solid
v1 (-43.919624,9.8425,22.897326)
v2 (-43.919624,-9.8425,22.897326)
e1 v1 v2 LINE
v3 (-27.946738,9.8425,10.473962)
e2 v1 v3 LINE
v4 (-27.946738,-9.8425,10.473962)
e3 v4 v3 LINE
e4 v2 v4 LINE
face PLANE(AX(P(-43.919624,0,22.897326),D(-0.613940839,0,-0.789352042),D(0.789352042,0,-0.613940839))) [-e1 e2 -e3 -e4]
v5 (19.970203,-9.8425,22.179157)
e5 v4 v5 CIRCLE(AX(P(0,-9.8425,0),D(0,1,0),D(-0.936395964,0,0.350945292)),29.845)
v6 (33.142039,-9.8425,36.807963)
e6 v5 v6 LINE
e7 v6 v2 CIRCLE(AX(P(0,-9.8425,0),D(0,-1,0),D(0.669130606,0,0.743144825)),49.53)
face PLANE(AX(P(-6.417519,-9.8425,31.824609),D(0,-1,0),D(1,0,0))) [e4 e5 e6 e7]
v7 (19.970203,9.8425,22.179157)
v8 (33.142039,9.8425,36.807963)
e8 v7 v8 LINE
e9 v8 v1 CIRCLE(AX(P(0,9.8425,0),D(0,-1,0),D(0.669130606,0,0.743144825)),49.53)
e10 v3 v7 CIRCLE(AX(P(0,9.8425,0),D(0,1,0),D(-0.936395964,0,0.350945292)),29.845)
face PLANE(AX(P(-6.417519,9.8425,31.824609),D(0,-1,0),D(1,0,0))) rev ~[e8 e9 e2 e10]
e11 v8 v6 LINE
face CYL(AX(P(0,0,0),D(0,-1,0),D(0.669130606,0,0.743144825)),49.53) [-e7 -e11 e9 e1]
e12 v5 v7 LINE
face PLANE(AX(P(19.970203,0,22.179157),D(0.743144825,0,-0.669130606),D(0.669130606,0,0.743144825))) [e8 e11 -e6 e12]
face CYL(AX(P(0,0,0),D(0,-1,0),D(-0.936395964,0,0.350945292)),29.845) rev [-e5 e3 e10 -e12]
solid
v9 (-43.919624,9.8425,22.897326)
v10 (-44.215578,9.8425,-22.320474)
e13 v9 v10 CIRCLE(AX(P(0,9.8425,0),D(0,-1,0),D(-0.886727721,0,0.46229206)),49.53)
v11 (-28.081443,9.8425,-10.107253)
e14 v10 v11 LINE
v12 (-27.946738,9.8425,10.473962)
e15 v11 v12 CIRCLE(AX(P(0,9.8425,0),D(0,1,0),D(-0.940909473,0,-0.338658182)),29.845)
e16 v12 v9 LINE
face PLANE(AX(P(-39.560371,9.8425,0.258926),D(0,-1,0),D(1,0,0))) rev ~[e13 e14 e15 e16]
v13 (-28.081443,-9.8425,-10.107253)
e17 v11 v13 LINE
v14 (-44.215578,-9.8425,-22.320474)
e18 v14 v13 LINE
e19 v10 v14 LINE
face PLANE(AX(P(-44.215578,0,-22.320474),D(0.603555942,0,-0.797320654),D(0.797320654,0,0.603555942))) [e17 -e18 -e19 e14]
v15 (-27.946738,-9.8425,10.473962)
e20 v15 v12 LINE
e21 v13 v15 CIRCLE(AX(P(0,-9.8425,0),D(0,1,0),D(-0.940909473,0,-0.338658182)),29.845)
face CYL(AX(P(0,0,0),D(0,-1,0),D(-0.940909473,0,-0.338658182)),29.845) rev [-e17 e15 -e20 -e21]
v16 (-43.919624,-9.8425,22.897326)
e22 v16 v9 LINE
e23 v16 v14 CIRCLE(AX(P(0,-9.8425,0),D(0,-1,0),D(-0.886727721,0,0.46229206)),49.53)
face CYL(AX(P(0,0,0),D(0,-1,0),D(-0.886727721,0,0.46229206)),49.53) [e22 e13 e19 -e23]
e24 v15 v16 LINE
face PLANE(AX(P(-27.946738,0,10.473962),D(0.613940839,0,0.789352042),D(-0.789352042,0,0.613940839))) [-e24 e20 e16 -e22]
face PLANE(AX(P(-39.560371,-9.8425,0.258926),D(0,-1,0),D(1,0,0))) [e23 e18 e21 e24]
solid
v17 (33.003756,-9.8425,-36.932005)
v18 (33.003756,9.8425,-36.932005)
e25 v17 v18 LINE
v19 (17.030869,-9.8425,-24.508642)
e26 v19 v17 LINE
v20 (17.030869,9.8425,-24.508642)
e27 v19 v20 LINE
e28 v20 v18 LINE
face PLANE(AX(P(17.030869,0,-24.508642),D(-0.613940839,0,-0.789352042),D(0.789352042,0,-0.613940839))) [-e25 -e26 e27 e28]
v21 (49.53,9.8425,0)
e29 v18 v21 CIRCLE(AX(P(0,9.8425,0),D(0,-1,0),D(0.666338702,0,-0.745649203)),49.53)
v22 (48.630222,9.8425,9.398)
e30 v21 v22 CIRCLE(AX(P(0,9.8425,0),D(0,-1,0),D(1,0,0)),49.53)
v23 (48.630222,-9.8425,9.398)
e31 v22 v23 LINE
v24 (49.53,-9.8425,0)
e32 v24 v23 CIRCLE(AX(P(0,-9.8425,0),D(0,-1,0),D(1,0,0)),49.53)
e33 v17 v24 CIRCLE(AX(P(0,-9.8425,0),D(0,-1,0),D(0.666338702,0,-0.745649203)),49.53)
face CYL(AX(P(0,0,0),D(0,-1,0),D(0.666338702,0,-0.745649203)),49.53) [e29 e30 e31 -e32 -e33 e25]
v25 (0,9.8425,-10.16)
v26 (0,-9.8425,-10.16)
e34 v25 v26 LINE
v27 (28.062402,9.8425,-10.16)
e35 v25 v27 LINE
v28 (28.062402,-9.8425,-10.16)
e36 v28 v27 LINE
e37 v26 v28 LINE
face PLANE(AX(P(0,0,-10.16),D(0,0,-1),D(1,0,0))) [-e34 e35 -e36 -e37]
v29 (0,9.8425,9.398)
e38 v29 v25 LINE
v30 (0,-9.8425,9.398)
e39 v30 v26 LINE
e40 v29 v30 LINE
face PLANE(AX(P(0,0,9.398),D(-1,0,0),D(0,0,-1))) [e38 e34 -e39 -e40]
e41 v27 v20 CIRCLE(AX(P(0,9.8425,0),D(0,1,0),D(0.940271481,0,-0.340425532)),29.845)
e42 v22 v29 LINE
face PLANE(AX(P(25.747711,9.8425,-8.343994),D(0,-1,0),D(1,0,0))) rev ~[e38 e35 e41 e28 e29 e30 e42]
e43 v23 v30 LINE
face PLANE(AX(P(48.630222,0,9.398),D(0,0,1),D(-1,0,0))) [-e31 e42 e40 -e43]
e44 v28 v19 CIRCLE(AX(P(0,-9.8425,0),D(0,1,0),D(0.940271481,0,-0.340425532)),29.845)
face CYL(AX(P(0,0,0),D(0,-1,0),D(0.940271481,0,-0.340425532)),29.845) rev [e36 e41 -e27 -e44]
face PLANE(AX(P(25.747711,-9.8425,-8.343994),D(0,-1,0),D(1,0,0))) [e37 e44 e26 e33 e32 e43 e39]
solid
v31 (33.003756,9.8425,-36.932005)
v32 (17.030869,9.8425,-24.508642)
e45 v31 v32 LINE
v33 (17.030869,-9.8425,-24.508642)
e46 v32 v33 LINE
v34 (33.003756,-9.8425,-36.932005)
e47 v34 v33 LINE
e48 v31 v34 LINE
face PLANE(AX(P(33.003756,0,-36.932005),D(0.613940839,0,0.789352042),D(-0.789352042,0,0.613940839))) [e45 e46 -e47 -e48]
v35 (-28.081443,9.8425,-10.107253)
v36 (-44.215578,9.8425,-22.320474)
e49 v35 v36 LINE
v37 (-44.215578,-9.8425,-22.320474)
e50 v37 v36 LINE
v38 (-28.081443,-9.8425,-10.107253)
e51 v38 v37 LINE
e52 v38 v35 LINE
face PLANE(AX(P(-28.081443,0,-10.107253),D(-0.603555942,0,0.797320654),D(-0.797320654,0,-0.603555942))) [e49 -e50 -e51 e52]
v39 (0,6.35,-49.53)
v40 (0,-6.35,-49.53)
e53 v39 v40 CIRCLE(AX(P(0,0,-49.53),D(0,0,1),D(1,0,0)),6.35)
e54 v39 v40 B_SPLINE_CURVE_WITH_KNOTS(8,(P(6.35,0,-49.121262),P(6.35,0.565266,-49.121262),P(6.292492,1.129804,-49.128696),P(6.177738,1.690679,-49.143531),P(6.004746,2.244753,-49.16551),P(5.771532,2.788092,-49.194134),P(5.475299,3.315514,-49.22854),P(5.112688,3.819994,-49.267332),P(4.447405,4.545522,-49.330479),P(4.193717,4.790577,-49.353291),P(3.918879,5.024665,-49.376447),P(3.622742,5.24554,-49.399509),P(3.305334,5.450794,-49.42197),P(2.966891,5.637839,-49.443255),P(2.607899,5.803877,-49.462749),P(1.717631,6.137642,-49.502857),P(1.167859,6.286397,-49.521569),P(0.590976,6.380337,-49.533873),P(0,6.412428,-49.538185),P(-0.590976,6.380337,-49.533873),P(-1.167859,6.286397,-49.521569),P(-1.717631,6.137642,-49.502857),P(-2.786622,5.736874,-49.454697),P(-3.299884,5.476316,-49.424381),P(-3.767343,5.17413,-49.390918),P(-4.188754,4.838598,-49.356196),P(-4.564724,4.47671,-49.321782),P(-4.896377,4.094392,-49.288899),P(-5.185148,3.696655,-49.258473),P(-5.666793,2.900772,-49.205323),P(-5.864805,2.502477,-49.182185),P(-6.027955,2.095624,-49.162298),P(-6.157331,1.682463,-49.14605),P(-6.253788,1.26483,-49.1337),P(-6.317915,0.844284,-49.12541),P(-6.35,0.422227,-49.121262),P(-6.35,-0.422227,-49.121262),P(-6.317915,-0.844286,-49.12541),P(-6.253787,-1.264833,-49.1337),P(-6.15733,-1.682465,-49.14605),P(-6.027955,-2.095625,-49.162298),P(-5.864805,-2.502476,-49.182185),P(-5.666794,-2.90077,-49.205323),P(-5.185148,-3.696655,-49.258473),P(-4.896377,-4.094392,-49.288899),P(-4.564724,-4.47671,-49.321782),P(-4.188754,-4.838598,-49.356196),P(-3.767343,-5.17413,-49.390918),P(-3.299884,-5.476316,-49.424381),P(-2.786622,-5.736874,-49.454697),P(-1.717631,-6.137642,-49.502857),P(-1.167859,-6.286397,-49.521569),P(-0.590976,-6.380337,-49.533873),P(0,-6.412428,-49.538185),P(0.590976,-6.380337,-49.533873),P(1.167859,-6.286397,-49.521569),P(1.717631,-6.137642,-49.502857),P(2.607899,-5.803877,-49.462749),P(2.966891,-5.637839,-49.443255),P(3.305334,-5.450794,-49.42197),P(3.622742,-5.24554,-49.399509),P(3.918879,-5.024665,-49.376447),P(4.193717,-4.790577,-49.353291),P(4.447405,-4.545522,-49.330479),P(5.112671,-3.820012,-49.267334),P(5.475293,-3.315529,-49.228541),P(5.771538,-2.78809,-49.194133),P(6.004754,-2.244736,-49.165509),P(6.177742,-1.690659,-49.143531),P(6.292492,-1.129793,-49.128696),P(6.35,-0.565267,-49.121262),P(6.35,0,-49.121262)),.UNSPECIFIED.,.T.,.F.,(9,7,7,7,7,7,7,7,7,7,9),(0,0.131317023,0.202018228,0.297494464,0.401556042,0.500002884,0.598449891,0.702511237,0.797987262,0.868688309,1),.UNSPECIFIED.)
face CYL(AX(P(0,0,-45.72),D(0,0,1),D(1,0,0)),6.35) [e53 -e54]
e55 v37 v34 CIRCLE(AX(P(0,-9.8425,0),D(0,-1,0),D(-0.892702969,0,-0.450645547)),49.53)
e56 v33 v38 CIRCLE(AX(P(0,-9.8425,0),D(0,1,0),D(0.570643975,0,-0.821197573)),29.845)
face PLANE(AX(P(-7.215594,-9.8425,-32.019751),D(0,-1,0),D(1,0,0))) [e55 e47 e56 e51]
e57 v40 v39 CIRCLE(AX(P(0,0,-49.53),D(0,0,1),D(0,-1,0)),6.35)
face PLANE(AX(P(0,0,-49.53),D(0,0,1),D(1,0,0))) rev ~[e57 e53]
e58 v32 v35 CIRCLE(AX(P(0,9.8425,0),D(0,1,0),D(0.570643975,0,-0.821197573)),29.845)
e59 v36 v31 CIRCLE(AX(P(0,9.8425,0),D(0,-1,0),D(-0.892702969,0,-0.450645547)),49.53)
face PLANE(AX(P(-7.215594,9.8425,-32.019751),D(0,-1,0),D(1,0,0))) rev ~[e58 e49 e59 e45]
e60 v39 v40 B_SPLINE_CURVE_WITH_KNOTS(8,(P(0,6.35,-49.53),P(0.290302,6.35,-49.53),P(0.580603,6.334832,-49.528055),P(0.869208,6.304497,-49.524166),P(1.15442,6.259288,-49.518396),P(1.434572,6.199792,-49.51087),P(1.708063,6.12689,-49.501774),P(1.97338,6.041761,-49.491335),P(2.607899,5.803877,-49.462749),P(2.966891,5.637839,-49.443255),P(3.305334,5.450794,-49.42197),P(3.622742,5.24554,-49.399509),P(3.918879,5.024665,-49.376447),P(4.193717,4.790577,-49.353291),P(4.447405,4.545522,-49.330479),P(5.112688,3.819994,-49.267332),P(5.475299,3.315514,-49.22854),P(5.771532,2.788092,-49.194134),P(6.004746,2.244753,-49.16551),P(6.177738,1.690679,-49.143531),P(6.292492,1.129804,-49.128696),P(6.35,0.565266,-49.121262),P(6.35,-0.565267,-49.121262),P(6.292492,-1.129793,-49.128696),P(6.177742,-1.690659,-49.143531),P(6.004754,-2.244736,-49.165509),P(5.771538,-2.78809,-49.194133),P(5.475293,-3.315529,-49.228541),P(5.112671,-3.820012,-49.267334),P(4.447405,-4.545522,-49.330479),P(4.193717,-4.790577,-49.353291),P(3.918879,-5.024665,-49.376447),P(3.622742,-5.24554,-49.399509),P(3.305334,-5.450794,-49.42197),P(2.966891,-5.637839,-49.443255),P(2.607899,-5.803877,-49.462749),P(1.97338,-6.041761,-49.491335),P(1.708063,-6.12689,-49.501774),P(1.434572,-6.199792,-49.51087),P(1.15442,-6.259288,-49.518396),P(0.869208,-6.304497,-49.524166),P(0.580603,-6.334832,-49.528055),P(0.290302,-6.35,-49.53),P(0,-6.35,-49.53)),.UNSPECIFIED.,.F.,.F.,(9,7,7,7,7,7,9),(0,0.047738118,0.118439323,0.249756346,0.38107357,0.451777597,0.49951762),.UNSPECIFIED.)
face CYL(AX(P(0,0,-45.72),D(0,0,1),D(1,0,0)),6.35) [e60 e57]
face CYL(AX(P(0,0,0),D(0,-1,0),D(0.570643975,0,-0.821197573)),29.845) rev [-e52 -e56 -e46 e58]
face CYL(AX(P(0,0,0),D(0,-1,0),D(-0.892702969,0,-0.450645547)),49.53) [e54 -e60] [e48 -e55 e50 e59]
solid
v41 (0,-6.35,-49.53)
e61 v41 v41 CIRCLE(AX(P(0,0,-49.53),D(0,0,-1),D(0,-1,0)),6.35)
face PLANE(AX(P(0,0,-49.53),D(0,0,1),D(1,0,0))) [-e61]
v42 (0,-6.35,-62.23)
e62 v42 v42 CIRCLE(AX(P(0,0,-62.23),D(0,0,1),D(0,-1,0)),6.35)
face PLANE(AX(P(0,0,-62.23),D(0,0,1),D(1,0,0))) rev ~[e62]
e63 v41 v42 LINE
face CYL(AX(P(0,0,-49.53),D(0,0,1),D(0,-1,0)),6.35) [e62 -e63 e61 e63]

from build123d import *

# Parameters (mm, degrees)
F1_DEPTH = 9.8425
F2_DEPTH = 9.8425
F4_START = -45.72
F3_R     = 6.35
F4_DEPTH = 3.81
F5_DEPTH = 12.7


with BuildPart() as f1:
    # F0 (on Front) → F1 (new body, symmetric)
    with BuildSketch(Plane.XZ):
        with BuildLine():
            Line((19.9702029468, 22.1791573164), (33.142038933, 36.8079632059))
            ThreePointArc((33.142038933, 36.8079632059), (-8.7986103434, 48.7422338022), (-43.919624031, 22.8973257167))
            Line((-43.919624031, 22.8973257167), (-27.9467375514, 10.4739622509))
            ThreePointArc((-27.9467375514, 10.4739622509), (-7.0823141666, 28.9924964611), (19.9702029468, 22.1791573164))
        make_face()
    extrude(amount=F1_DEPTH, both=True)


with BuildPart() as f1b:
    # F0 (on Front) → F1, piece 2 (new body, symmetric)
    with BuildSketch(Plane.XZ):
        with BuildLine():
            ThreePointArc((-44.2155780636, -22.320473931), (-9.2087159364, -48.666420156), (33.003755918, -36.9320050268))
            Line((33.003755918, -36.9320050268), (17.0308694384, -24.5086415611))
            ThreePointArc((17.0308694384, -24.5086415611), (-9.0762762319, -28.4314128168), (-28.0814432165, -10.1072534291))
            Line((-28.0814432165, -10.1072534291), (-44.2155780636, -22.320473931))
        make_face()
    extrude(amount=F1_DEPTH, both=True)

    # F3 (on Top) → F4 (join)
    with BuildSketch(Plane.XY.offset(F4_START)):
        Circle(F3_R)
    extrude(amount=-F4_DEPTH)


with BuildPart() as f2:
    # F0 (on Front) → F2 (new body, symmetric)
    with BuildSketch(Plane.XZ):
        with BuildLine():
            ThreePointArc((-43.919624031, 22.8973257167), (-49.5289391498, 0.3241707775), (-44.2155780636, -22.320473931))
            Line((-44.2155780636, -22.320473931), (-28.0814432165, -10.1072534291))
            ThreePointArc((-28.0814432165, -10.1072534291), (-29.8443607698, 0.1953336736), (-27.9467375514, 10.4739622509))
            Line((-27.9467375514, 10.4739622509), (-43.919624031, 22.8973257167))
        make_face()
    extrude(amount=F2_DEPTH, both=True)


with BuildPart() as f2b:
    # F0 (on Front) → F2, piece 2 (new body, symmetric)
    with BuildSketch(Plane.XZ):
        with BuildLine():
            ThreePointArc((33.003755918, -36.9320050268), (45.2100482781, -20.2304828091), (49.53, 0))
            ThreePointArc((49.53, 0), (49.304542376, 4.7204873787), (48.6302220435, 9.398))
            Line((48.6302220435, 9.398), (28.3266944948, 9.398))
            Line((28.3266944948, 9.398), (8.4619972083, 9.398))
            Line((8.4619972083, 9.398), (0, 9.398))
            Line((0, 9.398), (0, -10.16))
            Line((0, -10.16), (28.0624023384, -10.16))
            ThreePointArc((28.0624023384, -10.16), (23.6605508927, -18.1907217134), (17.0308694384, -24.5086415611))
            Line((17.0308694384, -24.5086415611), (33.003755918, -36.9320050268))
        make_face()
    extrude(amount=F2_DEPTH, both=True)


with BuildPart() as f5:
    # F5 (new): a face of the model
    f5_faces = [f1b.part.faces().sort_by_distance(p)[0] for p in [
        (0, 0, -49.53),
    ]]
    extrude(f5_faces, amount=F5_DEPTH)


solid = Compound([f1.part, f1b.part, f2.part, f2b.part, f5.part])
